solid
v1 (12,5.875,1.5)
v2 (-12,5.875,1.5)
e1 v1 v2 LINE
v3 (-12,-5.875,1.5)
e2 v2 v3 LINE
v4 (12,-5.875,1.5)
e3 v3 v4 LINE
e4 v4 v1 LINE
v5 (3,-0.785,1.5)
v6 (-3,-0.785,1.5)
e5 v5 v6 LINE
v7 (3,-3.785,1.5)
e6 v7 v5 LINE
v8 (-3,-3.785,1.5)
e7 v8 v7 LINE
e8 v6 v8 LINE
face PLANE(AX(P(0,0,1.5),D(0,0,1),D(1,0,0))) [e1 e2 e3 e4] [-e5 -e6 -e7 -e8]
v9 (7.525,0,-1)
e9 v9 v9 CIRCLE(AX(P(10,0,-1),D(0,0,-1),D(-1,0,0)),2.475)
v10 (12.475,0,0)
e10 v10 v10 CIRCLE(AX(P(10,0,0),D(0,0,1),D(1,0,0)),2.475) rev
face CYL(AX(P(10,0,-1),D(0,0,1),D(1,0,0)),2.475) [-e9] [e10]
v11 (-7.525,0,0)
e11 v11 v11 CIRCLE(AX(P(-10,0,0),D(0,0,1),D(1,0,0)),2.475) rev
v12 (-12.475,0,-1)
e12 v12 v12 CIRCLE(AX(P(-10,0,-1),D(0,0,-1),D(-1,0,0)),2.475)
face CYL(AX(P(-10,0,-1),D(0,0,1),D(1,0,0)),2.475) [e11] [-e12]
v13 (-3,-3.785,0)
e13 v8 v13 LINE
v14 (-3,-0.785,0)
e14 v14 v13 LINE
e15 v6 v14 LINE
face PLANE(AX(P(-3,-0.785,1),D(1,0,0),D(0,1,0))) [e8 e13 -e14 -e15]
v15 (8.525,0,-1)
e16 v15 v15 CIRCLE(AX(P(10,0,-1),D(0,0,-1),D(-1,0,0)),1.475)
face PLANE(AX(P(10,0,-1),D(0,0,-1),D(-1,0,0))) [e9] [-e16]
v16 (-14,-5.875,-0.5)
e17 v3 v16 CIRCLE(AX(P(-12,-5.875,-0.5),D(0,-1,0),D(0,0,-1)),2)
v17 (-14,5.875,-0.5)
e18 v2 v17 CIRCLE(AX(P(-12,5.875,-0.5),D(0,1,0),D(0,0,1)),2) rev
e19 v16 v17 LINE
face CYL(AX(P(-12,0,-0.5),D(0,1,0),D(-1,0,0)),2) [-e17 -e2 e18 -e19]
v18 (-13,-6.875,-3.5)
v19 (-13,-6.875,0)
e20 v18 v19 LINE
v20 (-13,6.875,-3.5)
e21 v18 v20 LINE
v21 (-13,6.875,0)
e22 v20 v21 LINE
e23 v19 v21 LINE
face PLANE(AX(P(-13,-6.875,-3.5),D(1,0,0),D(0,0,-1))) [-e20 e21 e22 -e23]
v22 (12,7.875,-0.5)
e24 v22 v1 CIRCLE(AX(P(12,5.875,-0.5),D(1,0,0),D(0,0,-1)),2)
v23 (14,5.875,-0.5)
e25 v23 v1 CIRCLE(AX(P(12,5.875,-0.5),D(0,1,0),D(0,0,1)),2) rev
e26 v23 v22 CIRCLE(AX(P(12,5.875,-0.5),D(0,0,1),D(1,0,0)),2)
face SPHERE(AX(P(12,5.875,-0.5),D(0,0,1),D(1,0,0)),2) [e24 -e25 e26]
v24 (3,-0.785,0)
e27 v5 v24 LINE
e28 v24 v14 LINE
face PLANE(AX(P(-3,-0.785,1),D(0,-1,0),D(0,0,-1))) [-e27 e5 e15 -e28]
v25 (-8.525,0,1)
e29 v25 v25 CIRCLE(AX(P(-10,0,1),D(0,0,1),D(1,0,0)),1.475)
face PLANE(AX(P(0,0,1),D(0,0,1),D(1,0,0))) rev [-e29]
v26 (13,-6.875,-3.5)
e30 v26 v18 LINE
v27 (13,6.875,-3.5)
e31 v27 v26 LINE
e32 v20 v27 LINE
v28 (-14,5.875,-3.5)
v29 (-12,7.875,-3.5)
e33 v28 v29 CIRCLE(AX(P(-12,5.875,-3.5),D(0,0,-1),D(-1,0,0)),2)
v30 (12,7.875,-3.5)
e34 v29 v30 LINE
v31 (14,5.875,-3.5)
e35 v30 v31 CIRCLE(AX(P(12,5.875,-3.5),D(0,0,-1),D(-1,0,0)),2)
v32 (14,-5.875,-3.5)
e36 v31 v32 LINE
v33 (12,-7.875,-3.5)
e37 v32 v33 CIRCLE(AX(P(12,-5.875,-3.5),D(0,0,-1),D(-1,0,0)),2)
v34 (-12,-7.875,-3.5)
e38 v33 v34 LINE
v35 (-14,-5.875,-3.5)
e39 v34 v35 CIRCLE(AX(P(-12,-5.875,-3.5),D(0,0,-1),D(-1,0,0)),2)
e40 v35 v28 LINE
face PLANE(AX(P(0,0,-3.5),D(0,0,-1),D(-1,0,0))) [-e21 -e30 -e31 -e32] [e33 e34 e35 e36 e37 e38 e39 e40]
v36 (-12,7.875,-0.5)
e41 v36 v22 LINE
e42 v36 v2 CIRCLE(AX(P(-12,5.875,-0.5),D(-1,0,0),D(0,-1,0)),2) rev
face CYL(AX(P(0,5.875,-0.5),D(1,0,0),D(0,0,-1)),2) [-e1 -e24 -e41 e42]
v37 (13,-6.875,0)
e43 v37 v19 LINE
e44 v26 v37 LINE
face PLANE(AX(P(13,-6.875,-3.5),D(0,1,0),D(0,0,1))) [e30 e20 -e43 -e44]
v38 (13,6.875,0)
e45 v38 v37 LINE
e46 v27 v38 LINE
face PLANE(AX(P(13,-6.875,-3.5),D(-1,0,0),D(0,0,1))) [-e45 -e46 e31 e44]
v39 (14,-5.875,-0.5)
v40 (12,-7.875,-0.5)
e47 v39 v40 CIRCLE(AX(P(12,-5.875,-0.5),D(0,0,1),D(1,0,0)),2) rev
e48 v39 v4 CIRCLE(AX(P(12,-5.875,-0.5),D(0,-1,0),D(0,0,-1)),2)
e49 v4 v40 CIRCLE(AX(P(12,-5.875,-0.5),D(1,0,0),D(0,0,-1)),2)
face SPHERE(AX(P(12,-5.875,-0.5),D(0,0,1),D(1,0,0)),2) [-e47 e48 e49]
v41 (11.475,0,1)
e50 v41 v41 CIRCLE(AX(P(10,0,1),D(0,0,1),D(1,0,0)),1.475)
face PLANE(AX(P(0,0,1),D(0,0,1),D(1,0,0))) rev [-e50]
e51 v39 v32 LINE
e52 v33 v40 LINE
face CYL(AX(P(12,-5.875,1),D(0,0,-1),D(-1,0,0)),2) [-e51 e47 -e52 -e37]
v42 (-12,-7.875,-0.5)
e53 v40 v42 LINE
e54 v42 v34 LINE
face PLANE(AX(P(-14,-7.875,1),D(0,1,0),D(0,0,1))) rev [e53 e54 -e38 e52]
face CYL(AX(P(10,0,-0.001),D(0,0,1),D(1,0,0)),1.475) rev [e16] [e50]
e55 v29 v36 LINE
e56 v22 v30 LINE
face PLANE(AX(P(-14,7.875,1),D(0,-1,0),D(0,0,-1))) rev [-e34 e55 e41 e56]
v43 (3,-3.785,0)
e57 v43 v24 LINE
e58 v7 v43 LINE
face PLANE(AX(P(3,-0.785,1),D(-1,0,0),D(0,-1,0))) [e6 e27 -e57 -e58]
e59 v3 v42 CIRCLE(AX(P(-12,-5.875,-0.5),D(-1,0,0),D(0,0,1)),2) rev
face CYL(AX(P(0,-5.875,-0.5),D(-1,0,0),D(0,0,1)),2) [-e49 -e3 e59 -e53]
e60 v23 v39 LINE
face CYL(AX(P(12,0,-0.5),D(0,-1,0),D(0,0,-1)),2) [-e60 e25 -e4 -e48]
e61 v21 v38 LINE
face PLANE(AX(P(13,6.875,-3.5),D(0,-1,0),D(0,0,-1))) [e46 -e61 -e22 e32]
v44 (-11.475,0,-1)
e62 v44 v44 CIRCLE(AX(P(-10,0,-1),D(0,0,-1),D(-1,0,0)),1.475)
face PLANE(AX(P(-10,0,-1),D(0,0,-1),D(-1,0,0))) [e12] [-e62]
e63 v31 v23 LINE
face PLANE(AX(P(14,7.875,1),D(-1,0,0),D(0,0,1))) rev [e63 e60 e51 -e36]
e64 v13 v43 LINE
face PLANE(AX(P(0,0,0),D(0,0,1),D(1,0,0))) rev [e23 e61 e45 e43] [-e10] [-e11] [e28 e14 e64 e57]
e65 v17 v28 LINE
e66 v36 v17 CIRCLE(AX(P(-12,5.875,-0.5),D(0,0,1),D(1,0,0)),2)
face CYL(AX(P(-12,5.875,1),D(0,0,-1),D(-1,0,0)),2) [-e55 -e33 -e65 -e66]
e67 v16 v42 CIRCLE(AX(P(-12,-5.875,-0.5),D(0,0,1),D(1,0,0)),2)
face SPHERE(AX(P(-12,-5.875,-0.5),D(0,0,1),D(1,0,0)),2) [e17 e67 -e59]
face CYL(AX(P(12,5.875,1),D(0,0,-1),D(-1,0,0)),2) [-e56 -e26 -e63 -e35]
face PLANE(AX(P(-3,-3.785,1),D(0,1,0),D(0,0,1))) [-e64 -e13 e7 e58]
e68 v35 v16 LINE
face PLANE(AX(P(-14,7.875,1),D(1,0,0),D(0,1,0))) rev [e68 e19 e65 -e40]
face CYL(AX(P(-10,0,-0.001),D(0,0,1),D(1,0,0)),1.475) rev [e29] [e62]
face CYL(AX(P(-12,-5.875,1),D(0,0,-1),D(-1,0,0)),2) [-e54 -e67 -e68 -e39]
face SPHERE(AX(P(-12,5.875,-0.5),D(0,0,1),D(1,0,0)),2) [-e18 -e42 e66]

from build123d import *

# Parameters (mm, degrees)
SKETCH1_W           = 28
SKETCH1_H           = 15.75
SKETCH1_W_2         = 6
SKETCH1_H_2         = 3
BOSS_EXTRUDE1_DEPTH = 1
CUT_EXTRUDE1_REACH  = 18.094
SKETCH2_R           = 1.475
SKETCH5_W           = 28
SKETCH5_H           = 15.75
SKETCH5_W_2         = 6
SKETCH5_H_2         = 3
BOSS_EXTRUDE4_DEPTH = 0.5
SKETCH3_R           = 2.475
SKETCH3_R_2         = 1.475
BOSS_EXTRUDE2_DEPTH = 1
SKETCH4_W           = 28
SKETCH4_H           = 15.75
SKETCH4_W_2         = 26
SKETCH4_H_2         = 13.75
BOSS_EXTRUDE3_DEPTH = 3.5
FILLET1_R           = 2


with BuildPart() as part:
    # Sketch1 → Boss-Extrude1 (new body)
    with BuildSketch(Plane.XY):
        Rectangle(SKETCH1_W, SKETCH1_H)
        with Locations((0, -2.285)):
            Rectangle(SKETCH1_W_2, SKETCH1_H_2, mode=Mode.SUBTRACT)
    extrude(amount=BOSS_EXTRUDE1_DEPTH)

    # Sketch2 → Cut-Extrude1 (cut, up to next)
    with BuildSketch(Plane.XY.offset(1), mode=Mode.PRIVATE) as cut_extrude1_sk1:
        with Locations((10, 0)):
            Circle(SKETCH2_R)
    cut_extrude1_tool1 = extrude(cut_extrude1_sk1.sketch, amount=-CUT_EXTRUDE1_REACH, mode=Mode.PRIVATE) & part.part
    # Sketch2 → Cut-Extrude1 (cut, up to next)
    with BuildSketch(Plane.XY.offset(1), mode=Mode.PRIVATE) as cut_extrude1_sk2:
        with Locations((-10, 0)):
            Circle(SKETCH2_R)
    cut_extrude1_tool2 = extrude(cut_extrude1_sk2.sketch, amount=-CUT_EXTRUDE1_REACH, mode=Mode.PRIVATE) & part.part
    add(cut_extrude1_tool1.solids().sort_by_distance((10, 0, 1))[0], mode=Mode.SUBTRACT)
    add(cut_extrude1_tool2.solids().sort_by_distance((-10, 0, 1))[0], mode=Mode.SUBTRACT)

    # Sketch5 → Boss-Extrude4 (add)
    with BuildSketch(Plane.XY.offset(1)):
        Rectangle(SKETCH5_W, SKETCH5_H)
        with Locations((0, -2.285)):
            Rectangle(SKETCH5_W_2, SKETCH5_H_2, mode=Mode.SUBTRACT)
    extrude(amount=BOSS_EXTRUDE4_DEPTH)

    # Sketch3 → Boss-Extrude2 (add)
    # profile 1 of 2: a face of its own
    with BuildSketch(Plane(origin=(0, 0, 0), x_dir=(-1, 0, 0), z_dir=(0, 0, -1))):
        with Locations(Location((-10, 0, 0), (0, 0, 180))):
            Circle(SKETCH3_R)
        with Locations(Location((-10, 0, 0), (0, 0, 180))):
            Circle(SKETCH3_R_2, mode=Mode.SUBTRACT)
    # profile 2 of 2: a face of its own
    with BuildSketch(Plane(origin=(0, 0, 0), x_dir=(-1, 0, 0), z_dir=(0, 0, -1))):
        with Locations(Location((10, 0, 0), (0, 0, 180))):
            Circle(SKETCH3_R)
        with Locations(Location((10, 0, 0), (0, 0, 180))):
            Circle(SKETCH3_R_2, mode=Mode.SUBTRACT)
    extrude(amount=BOSS_EXTRUDE2_DEPTH)

    # Sketch4 → Boss-Extrude3 (add)
    with BuildSketch(Plane(origin=(0, 0, 0), x_dir=(-1, 0, 0), z_dir=(0, 0, -1))):
        Rectangle(SKETCH4_W, SKETCH4_H)
        Rectangle(SKETCH4_W_2, SKETCH4_H_2, mode=Mode.SUBTRACT)
    extrude(amount=BOSS_EXTRUDE3_DEPTH)

    # Fillet1
    fillet1_edges = [part.edges().sort_by_distance(p)[0] for p in [
        (0, -7.875, 1.5),
        (14, 0, 1.5),
        (0, 7.875, 1.5),
        (-14, 0, 1.5),
        (14, -7.875, -1),
        (-14, -7.875, -1),
        (-14, 7.875, -1),
        (14, 7.875, -1),
    ]]
    fillet(fillet1_edges, radius=FILLET1_R)


solid = part.part
